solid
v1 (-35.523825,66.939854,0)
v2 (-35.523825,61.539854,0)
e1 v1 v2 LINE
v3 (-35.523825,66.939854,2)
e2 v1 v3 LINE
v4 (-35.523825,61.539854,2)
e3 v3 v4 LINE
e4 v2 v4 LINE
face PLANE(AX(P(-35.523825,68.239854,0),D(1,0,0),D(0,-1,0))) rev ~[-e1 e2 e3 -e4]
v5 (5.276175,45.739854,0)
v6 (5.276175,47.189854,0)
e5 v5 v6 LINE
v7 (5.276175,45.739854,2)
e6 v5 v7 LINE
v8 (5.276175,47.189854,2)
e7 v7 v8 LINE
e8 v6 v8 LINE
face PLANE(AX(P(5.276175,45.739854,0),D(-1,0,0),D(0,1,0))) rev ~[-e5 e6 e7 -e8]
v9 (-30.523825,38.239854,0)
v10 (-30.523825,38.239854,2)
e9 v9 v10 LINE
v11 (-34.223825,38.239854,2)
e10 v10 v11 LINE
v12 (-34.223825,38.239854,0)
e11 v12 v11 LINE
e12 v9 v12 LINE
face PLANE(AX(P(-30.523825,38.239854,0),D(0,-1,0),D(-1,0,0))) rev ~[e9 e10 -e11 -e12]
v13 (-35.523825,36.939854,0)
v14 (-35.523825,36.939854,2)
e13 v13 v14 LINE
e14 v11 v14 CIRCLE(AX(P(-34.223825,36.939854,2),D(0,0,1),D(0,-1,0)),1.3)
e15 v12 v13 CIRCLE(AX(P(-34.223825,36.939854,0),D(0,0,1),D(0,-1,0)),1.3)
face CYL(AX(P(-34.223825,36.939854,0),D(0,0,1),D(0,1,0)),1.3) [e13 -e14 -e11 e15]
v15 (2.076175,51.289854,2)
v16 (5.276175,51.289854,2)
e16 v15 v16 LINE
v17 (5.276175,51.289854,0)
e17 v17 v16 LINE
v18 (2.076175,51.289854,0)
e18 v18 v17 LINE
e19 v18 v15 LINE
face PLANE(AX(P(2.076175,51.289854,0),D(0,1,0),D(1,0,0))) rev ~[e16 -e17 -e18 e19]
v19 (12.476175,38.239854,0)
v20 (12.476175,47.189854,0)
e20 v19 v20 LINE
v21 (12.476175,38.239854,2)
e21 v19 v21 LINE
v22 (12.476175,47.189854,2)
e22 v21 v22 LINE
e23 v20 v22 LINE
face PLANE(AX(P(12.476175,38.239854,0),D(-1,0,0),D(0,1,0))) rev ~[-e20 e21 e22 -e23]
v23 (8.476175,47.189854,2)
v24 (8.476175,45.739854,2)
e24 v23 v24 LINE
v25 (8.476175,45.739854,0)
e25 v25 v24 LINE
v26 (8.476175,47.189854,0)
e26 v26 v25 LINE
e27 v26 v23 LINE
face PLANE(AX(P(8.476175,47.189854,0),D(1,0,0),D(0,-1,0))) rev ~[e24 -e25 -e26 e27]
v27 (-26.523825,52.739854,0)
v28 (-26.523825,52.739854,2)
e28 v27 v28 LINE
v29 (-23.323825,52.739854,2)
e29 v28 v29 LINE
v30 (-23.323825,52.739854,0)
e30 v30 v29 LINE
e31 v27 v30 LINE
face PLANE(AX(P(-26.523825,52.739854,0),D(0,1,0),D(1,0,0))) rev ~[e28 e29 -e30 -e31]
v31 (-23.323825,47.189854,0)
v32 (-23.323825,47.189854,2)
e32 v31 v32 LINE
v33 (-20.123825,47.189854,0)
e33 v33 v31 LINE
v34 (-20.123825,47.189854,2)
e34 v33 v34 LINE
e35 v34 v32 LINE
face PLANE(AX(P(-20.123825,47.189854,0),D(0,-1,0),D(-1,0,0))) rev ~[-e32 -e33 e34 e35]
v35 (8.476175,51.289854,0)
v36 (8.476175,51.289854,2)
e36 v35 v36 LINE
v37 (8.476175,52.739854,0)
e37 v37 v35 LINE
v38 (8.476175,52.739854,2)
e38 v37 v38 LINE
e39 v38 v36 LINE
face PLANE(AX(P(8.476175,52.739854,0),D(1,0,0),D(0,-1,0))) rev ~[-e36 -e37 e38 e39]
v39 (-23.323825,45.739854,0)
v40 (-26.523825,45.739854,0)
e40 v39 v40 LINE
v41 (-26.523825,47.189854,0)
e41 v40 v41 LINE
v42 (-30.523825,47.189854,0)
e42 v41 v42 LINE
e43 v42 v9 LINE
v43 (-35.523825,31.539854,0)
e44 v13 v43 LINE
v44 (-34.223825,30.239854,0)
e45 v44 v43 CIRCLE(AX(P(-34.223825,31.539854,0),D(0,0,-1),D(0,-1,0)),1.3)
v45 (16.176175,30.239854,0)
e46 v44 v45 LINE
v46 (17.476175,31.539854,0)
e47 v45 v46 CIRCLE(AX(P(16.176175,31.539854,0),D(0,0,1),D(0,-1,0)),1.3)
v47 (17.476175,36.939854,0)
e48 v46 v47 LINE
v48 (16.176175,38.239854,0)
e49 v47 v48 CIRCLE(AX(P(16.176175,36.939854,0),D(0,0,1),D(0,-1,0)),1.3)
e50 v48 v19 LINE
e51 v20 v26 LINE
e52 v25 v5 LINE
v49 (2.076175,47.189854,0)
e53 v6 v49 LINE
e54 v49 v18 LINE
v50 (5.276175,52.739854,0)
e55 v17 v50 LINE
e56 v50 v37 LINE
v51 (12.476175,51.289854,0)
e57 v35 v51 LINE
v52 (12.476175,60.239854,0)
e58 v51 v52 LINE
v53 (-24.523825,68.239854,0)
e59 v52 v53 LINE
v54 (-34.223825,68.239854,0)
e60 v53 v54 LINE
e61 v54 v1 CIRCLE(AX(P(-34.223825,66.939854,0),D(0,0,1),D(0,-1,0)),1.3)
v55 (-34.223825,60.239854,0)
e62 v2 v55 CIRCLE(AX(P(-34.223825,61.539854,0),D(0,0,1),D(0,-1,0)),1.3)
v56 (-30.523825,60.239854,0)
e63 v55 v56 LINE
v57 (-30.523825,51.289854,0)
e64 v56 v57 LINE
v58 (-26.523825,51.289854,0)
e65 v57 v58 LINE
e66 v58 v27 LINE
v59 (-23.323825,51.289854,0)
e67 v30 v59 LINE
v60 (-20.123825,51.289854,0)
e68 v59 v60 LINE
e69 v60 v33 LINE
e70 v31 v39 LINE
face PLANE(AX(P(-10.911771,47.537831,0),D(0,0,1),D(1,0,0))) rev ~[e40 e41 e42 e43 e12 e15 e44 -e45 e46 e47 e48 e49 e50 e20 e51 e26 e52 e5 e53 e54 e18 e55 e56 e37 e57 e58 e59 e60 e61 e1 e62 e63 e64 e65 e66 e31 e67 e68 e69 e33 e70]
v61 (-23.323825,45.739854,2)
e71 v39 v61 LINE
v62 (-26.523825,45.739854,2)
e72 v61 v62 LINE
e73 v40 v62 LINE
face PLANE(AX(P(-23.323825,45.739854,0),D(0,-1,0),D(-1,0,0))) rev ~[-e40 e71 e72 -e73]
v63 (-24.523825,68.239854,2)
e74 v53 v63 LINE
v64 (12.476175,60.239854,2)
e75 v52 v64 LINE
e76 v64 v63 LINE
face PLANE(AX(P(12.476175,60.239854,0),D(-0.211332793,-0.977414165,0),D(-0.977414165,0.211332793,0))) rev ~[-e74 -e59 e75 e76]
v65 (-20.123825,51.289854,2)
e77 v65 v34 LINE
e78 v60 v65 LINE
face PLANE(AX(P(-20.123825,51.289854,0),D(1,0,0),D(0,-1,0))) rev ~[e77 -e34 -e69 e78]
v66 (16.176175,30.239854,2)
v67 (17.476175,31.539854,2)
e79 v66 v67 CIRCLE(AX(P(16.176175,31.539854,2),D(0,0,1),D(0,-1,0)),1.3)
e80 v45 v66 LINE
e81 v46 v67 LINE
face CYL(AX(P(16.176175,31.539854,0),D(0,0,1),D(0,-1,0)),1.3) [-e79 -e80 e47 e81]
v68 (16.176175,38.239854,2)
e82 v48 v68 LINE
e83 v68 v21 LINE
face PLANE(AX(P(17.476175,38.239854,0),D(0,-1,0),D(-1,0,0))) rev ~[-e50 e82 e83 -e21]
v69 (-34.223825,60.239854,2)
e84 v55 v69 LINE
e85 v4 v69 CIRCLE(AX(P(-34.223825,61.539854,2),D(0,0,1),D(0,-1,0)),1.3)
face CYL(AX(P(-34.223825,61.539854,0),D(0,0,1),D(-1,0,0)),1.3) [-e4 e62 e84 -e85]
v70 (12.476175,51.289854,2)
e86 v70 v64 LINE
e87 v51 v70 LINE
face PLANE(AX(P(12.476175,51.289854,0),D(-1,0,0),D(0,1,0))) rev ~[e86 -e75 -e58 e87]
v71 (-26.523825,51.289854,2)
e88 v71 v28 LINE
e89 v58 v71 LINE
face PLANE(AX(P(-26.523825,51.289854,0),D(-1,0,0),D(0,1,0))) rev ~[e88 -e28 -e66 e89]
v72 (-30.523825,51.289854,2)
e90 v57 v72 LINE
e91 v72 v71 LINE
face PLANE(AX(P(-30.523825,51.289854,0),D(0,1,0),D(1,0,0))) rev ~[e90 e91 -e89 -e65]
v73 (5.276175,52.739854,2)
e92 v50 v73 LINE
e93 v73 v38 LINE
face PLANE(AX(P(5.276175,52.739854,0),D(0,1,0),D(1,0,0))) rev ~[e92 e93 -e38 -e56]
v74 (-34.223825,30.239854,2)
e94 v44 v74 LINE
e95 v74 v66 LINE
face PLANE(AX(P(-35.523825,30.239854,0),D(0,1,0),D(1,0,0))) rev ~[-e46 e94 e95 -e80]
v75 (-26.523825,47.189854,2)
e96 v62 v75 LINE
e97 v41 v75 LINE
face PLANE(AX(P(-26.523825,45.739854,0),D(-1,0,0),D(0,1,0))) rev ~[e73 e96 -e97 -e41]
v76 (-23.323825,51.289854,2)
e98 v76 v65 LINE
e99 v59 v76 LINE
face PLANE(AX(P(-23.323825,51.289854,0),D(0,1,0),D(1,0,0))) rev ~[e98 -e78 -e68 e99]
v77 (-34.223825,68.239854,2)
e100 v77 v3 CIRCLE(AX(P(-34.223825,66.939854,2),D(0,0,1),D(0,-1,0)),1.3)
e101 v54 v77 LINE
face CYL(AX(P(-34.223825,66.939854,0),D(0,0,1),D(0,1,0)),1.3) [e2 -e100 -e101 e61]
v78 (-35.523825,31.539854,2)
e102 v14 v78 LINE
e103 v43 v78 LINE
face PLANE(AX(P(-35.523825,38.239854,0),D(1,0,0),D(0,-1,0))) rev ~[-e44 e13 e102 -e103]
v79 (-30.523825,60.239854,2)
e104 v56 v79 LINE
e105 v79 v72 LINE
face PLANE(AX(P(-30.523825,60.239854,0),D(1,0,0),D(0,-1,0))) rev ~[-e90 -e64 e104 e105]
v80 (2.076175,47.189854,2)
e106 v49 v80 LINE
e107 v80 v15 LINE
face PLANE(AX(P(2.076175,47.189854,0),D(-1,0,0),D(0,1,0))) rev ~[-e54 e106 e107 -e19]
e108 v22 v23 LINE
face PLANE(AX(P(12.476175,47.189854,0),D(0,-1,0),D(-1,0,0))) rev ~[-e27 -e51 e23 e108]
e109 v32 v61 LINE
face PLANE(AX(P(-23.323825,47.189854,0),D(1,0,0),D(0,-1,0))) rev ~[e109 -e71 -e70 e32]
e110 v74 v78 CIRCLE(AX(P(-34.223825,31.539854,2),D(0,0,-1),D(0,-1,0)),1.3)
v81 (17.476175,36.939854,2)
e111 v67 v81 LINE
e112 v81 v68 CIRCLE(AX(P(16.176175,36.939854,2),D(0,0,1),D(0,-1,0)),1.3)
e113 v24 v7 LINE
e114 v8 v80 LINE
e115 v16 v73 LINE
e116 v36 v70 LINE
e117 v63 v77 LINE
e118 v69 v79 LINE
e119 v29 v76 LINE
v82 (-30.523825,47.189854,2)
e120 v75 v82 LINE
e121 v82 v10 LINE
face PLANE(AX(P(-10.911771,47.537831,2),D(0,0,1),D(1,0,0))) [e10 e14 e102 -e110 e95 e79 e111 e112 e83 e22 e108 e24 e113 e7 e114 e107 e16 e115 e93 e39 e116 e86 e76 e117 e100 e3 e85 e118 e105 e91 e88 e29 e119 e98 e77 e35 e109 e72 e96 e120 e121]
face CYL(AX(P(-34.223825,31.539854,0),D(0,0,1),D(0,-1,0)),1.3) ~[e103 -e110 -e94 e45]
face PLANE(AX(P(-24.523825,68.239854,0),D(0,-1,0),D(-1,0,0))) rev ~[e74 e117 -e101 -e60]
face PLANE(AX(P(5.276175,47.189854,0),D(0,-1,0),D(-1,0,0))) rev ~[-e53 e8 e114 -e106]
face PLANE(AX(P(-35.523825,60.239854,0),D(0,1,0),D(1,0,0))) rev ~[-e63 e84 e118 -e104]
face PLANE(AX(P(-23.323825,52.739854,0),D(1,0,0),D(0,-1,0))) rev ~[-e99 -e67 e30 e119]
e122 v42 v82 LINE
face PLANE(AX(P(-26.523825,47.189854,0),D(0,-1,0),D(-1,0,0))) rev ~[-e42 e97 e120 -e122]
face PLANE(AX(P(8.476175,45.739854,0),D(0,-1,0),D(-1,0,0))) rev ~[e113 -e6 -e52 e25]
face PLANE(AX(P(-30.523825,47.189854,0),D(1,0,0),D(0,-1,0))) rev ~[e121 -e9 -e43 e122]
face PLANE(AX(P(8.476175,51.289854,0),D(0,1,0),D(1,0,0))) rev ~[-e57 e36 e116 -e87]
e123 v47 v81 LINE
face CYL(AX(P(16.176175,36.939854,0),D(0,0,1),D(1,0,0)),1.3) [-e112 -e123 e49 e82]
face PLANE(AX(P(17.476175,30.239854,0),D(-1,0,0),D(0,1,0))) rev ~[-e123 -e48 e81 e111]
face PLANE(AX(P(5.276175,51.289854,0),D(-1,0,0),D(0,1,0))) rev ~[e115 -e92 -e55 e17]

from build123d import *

# Parameters (mm, degrees)
EXTRUDE_1_DEPTH = 2
FILLET_1_R      = 1.3


with BuildPart() as part:
    # 草图1 → 凸台-拉伸1 (new body)
    with BuildSketch(Plane.XY):
        Polygon((-35.523824953, 30.239854129), (-30.523824953, 30.239854129), (12.476175047, 30.239854129), (17.476175047, 30.239854129), (17.476175047, 38.239854129), (12.476175047, 38.239854129), (12.476175047, 47.189854129), (8.476175047, 47.189854129), (8.476175047, 45.739854129), (5.276175047, 45.739854129), (5.276175047, 47.189854129), (2.076175047, 47.189854129), (2.076175047, 51.289854129), (5.276175047, 51.289854129), (5.276175047, 52.739854129), (8.476175047, 52.739854129), (8.476175047, 51.289854129), (12.476175047, 51.289854129), (12.476175047, 60.239854129), (-24.523824953, 68.239854129), (-30.523824953, 68.239854129), (-35.523824953, 68.239854129), (-35.523824953, 60.239854129), (-30.523824953, 60.239854129), (-30.523824953, 51.289854129), (-26.523824953, 51.289854129), (-26.523824953, 52.739854129), (-23.323824953, 52.739854129), (-23.323824953, 51.289854129), (-20.123824953, 51.289854129), (-20.123824953, 47.189854129), (-23.323824953, 47.189854129), (-23.323824953, 45.739854129), (-26.523824953, 45.739854129), (-26.523824953, 47.189854129), (-30.523824953, 47.189854129), (-30.523824953, 38.239854129), (-35.523824953, 38.239854129), align=None)
    extrude(amount=EXTRUDE_1_DEPTH)

    # 圆角1
    fillet_1_edges = [part.edges().sort_by_distance(p)[0] for p in [
        (-35.523824953, 60.239854129, 1),
        (-35.523824953, 68.239854129, 1),
        (17.476175047, 38.239854129, 1),
        (17.476175047, 30.239854129, 1),
        (-35.523824953, 30.239854129, 1),
        (-35.523824953, 38.239854129, 1),
    ]]
    fillet(fillet_1_edges, radius=FILLET_1_R)


solid = part.part
